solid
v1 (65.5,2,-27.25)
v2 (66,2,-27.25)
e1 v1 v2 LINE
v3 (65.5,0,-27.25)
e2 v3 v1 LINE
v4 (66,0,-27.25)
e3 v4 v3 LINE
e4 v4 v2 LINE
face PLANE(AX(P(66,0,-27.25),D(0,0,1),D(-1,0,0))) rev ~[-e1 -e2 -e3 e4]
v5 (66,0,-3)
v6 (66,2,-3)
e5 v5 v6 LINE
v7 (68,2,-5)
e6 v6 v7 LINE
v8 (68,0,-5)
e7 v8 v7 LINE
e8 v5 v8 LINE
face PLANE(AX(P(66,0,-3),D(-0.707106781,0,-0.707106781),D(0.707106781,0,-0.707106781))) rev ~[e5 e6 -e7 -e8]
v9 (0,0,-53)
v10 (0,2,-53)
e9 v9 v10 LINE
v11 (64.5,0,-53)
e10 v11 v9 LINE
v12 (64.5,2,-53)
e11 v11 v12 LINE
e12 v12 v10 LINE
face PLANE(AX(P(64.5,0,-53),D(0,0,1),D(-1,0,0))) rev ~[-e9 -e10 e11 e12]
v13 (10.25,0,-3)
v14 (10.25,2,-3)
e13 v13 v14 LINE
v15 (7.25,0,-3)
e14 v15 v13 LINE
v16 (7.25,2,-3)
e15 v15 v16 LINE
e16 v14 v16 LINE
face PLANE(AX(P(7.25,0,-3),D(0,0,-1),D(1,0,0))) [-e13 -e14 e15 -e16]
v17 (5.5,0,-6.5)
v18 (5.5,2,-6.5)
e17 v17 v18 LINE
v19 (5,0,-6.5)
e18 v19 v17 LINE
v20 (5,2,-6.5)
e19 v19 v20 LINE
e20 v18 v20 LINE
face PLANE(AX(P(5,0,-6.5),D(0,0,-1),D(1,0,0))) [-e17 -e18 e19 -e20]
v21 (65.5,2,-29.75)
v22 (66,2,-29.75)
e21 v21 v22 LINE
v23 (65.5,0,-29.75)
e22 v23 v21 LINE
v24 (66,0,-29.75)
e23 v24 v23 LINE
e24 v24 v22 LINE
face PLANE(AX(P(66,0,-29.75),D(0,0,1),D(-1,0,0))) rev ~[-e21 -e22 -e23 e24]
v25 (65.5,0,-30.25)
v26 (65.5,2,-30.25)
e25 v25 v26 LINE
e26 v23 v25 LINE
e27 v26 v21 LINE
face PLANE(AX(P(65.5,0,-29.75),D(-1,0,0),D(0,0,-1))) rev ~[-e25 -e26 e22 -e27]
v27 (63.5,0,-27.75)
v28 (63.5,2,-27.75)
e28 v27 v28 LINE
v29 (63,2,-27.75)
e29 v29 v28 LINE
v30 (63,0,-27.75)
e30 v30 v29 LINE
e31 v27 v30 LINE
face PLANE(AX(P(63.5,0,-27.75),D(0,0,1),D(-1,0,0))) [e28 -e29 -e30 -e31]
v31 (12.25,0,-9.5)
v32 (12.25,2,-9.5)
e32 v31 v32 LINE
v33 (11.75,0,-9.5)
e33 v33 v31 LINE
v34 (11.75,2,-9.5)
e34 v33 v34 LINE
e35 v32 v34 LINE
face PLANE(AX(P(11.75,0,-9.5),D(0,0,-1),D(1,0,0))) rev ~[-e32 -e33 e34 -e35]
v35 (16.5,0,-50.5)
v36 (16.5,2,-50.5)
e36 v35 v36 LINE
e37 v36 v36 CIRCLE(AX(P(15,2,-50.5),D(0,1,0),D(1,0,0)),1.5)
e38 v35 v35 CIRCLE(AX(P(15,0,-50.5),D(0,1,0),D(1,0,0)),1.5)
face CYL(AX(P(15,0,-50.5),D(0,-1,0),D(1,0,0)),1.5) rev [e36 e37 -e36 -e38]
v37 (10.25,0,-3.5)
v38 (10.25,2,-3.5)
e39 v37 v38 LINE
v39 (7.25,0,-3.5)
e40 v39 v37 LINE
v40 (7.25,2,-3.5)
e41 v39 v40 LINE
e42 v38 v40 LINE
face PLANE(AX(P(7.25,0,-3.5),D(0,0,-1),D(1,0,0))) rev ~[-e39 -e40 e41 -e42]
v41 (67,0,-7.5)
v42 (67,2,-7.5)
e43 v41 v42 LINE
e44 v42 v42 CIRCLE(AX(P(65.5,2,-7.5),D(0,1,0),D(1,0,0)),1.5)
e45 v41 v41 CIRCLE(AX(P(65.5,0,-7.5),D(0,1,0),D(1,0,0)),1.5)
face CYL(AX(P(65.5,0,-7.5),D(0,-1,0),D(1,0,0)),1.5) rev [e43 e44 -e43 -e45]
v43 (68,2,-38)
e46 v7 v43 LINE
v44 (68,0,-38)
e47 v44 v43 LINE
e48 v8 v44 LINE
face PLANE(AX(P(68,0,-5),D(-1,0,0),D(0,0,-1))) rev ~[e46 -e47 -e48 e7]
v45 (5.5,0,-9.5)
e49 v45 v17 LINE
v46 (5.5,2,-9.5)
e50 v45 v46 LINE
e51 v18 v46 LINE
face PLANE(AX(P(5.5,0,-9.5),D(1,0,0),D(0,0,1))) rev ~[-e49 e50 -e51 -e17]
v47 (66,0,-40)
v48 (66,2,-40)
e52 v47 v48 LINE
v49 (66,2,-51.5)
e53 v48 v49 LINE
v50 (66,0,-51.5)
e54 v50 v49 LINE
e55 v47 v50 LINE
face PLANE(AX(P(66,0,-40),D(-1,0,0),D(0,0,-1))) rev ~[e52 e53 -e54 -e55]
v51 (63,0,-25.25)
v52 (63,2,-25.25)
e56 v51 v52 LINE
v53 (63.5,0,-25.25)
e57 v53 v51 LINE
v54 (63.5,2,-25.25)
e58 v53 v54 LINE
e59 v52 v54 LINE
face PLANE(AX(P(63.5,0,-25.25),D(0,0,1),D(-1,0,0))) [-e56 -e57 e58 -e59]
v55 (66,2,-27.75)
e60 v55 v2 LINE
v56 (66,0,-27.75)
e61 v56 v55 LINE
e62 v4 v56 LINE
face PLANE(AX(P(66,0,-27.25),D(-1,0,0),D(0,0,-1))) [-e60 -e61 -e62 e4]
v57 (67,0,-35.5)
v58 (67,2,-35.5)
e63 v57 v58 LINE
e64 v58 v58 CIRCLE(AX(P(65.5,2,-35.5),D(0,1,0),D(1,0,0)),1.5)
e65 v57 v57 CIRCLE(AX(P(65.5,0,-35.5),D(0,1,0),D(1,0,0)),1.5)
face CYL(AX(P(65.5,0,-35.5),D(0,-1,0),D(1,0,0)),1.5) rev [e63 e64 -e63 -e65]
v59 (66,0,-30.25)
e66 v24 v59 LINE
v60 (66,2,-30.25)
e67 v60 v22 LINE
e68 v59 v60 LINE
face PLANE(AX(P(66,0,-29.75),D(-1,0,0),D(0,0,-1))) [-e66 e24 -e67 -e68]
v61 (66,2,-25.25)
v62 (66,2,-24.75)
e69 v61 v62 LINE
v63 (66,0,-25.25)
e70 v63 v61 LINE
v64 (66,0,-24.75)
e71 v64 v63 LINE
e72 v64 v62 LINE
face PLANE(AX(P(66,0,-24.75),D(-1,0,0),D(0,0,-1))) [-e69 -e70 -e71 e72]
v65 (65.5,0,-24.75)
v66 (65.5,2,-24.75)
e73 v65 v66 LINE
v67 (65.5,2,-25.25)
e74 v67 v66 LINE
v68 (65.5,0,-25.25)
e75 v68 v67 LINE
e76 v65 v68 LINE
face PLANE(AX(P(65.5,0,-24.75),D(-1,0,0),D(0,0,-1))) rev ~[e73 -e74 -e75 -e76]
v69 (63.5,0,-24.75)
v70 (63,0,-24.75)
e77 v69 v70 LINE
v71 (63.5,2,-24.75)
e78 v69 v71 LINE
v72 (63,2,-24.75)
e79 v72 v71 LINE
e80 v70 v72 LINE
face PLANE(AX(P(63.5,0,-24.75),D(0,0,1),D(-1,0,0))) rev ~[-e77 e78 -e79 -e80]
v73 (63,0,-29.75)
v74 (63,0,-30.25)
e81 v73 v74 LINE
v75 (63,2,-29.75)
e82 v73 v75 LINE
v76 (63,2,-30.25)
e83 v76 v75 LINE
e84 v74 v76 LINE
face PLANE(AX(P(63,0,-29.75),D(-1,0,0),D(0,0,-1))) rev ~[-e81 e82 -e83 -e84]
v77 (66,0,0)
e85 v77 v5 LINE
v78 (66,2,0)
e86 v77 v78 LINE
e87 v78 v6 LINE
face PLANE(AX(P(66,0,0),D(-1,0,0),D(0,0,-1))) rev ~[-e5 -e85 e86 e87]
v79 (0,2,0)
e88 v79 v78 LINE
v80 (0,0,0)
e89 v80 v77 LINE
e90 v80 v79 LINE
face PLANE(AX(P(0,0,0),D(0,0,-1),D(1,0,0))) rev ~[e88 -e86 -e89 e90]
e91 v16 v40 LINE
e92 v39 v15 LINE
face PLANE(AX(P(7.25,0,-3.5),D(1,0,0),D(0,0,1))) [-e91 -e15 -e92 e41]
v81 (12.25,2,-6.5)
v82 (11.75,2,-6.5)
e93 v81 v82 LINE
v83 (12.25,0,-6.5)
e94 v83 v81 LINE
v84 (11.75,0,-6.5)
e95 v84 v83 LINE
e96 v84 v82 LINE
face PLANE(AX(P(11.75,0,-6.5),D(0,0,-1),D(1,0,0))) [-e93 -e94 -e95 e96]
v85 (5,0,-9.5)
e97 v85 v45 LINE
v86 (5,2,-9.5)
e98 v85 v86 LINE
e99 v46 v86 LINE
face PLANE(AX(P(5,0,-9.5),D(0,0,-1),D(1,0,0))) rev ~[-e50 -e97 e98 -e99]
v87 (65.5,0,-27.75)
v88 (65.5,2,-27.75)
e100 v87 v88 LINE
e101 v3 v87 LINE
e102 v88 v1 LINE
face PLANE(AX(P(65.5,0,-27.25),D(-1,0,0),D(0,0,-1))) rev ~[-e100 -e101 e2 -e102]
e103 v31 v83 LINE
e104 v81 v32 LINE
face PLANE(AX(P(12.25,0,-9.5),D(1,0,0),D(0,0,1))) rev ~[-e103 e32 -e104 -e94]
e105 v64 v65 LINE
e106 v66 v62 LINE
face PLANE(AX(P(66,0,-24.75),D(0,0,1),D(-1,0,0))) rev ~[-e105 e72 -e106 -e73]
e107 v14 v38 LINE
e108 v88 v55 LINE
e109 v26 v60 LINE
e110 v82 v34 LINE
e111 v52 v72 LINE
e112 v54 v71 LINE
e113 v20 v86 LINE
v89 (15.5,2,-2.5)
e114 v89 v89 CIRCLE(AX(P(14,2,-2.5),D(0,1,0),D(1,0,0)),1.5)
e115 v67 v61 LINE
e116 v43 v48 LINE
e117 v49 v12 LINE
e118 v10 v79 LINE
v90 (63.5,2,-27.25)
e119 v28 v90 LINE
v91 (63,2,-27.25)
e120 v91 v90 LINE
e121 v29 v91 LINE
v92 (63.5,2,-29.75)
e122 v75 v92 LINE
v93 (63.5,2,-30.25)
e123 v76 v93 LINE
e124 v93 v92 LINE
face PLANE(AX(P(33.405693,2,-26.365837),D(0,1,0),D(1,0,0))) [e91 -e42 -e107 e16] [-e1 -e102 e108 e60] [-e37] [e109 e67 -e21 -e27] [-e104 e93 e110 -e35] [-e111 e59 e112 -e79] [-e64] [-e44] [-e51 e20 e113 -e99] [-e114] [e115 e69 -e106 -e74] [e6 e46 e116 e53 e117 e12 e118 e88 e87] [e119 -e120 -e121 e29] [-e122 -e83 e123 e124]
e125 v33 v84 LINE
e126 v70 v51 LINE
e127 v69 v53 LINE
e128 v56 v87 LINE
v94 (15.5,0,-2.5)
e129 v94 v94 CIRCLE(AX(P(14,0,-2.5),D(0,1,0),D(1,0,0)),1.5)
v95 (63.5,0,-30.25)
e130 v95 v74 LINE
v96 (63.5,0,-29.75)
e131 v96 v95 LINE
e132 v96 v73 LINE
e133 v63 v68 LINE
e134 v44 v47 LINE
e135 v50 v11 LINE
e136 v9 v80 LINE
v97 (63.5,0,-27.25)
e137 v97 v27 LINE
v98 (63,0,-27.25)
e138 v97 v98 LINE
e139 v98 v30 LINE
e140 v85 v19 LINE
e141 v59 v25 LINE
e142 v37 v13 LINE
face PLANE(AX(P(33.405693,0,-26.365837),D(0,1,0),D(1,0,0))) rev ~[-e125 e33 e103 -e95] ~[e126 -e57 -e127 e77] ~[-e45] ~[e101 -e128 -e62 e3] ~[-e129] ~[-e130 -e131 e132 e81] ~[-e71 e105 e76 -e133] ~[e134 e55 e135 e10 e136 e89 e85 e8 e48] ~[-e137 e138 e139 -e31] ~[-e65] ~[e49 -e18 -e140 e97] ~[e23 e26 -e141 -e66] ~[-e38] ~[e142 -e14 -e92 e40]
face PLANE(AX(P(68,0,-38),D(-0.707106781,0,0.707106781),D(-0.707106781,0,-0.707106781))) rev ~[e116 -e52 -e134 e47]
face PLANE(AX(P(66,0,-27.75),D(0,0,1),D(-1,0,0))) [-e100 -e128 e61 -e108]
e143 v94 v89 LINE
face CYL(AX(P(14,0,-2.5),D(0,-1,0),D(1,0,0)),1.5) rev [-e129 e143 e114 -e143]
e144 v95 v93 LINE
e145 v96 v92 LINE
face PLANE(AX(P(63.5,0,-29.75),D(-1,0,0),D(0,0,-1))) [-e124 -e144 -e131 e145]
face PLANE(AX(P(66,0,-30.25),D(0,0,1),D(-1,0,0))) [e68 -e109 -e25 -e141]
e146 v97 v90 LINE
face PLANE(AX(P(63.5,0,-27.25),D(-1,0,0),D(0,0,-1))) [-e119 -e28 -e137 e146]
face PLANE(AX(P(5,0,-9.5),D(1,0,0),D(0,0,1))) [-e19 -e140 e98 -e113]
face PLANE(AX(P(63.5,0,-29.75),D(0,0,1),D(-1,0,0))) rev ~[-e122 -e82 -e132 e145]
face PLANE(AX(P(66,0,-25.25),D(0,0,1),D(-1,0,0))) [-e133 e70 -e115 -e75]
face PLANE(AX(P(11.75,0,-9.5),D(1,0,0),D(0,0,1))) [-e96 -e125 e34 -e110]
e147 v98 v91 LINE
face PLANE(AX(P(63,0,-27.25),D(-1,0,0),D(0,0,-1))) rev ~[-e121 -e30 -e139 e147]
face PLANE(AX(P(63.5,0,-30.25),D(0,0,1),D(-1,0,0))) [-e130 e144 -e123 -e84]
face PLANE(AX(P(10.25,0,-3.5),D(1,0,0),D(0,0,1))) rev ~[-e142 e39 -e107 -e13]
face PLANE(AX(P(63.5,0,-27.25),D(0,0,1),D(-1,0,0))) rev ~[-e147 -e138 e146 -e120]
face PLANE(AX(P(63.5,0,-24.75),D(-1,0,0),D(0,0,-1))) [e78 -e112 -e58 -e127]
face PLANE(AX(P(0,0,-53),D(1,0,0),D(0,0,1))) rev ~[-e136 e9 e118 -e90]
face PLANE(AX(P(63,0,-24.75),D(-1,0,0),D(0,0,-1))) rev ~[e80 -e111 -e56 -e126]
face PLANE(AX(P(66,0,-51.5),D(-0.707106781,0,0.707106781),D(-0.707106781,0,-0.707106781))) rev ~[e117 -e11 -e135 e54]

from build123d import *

# Parameters (mm, degrees)
SKETCH1_R           = 1.5
BOSS_EXTRUDE1_DEPTH = 2
SKETCH5_W           = 0.5
SKETCH5_H           = 3
SKETCH5_W_2         = 3
SKETCH5_H_2         = 0.5
CUT_EXTRUDE2_DEPTH  = 3
SKETCH6_W           = 0.5
SKETCH6_H           = 0.5
CUT_EXTRUDE3_DEPTH  = 3


with BuildPart() as part:
    # Sketch1 → Boss-Extrude1 (new body)
    with BuildSketch(Plane(origin=(0, 0, 0), x_dir=(1, 0, 0), z_dir=(0, 1, 0))):
        Polygon((0, 53), (0, 0), (66, 0), (66, 3), (68, 5), (68, 38), (66, 40), (66, 51.5), (64.5, 53), align=None)
        with Locations((15, 50.5)):
            Circle(SKETCH1_R, mode=Mode.SUBTRACT)
        with Locations((14, 2.5)):
            Circle(SKETCH1_R, mode=Mode.SUBTRACT)
        with Locations((65.5, 7.5)):
            Circle(SKETCH1_R, mode=Mode.SUBTRACT)
        with Locations((65.5, 35.5)):
            Circle(SKETCH1_R, mode=Mode.SUBTRACT)
    extrude(amount=BOSS_EXTRUDE1_DEPTH)

    # Sketch5 → Cut-Extrude2 (cut, through all)
    with BuildSketch(Plane.XZ):
        with Locations((5.25, -8)):
            Rectangle(SKETCH5_W, SKETCH5_H)
        with Locations((12, -8)):
            Rectangle(SKETCH5_W, SKETCH5_H)
        with Locations((8.75, -3.25)):
            Rectangle(SKETCH5_W_2, SKETCH5_H_2)
    extrude(amount=-CUT_EXTRUDE2_DEPTH, mode=Mode.SUBTRACT)

    # Sketch6 → Cut-Extrude3 (cut, through all)
    with BuildSketch(Plane(origin=(0, 0, 0), x_dir=(-1, 0, 0), z_dir=(0, -1, 0))):
        with Locations((-63.25, 25)):
            Rectangle(SKETCH6_W, SKETCH6_H)
        with Locations((-65.75, 25)):
            Rectangle(SKETCH6_W, SKETCH6_H)
        with Locations((-65.75, 27.5)):
            Rectangle(SKETCH6_W, SKETCH6_H)
        with Locations((-65.75, 30)):
            Rectangle(SKETCH6_W, SKETCH6_H)
        with Locations((-63.25, 30)):
            Rectangle(SKETCH6_W, SKETCH6_H)
        with Locations((-63.25, 27.5)):
            Rectangle(SKETCH6_W, SKETCH6_H)
    extrude(amount=-CUT_EXTRUDE3_DEPTH, mode=Mode.SUBTRACT)


solid = part.part
